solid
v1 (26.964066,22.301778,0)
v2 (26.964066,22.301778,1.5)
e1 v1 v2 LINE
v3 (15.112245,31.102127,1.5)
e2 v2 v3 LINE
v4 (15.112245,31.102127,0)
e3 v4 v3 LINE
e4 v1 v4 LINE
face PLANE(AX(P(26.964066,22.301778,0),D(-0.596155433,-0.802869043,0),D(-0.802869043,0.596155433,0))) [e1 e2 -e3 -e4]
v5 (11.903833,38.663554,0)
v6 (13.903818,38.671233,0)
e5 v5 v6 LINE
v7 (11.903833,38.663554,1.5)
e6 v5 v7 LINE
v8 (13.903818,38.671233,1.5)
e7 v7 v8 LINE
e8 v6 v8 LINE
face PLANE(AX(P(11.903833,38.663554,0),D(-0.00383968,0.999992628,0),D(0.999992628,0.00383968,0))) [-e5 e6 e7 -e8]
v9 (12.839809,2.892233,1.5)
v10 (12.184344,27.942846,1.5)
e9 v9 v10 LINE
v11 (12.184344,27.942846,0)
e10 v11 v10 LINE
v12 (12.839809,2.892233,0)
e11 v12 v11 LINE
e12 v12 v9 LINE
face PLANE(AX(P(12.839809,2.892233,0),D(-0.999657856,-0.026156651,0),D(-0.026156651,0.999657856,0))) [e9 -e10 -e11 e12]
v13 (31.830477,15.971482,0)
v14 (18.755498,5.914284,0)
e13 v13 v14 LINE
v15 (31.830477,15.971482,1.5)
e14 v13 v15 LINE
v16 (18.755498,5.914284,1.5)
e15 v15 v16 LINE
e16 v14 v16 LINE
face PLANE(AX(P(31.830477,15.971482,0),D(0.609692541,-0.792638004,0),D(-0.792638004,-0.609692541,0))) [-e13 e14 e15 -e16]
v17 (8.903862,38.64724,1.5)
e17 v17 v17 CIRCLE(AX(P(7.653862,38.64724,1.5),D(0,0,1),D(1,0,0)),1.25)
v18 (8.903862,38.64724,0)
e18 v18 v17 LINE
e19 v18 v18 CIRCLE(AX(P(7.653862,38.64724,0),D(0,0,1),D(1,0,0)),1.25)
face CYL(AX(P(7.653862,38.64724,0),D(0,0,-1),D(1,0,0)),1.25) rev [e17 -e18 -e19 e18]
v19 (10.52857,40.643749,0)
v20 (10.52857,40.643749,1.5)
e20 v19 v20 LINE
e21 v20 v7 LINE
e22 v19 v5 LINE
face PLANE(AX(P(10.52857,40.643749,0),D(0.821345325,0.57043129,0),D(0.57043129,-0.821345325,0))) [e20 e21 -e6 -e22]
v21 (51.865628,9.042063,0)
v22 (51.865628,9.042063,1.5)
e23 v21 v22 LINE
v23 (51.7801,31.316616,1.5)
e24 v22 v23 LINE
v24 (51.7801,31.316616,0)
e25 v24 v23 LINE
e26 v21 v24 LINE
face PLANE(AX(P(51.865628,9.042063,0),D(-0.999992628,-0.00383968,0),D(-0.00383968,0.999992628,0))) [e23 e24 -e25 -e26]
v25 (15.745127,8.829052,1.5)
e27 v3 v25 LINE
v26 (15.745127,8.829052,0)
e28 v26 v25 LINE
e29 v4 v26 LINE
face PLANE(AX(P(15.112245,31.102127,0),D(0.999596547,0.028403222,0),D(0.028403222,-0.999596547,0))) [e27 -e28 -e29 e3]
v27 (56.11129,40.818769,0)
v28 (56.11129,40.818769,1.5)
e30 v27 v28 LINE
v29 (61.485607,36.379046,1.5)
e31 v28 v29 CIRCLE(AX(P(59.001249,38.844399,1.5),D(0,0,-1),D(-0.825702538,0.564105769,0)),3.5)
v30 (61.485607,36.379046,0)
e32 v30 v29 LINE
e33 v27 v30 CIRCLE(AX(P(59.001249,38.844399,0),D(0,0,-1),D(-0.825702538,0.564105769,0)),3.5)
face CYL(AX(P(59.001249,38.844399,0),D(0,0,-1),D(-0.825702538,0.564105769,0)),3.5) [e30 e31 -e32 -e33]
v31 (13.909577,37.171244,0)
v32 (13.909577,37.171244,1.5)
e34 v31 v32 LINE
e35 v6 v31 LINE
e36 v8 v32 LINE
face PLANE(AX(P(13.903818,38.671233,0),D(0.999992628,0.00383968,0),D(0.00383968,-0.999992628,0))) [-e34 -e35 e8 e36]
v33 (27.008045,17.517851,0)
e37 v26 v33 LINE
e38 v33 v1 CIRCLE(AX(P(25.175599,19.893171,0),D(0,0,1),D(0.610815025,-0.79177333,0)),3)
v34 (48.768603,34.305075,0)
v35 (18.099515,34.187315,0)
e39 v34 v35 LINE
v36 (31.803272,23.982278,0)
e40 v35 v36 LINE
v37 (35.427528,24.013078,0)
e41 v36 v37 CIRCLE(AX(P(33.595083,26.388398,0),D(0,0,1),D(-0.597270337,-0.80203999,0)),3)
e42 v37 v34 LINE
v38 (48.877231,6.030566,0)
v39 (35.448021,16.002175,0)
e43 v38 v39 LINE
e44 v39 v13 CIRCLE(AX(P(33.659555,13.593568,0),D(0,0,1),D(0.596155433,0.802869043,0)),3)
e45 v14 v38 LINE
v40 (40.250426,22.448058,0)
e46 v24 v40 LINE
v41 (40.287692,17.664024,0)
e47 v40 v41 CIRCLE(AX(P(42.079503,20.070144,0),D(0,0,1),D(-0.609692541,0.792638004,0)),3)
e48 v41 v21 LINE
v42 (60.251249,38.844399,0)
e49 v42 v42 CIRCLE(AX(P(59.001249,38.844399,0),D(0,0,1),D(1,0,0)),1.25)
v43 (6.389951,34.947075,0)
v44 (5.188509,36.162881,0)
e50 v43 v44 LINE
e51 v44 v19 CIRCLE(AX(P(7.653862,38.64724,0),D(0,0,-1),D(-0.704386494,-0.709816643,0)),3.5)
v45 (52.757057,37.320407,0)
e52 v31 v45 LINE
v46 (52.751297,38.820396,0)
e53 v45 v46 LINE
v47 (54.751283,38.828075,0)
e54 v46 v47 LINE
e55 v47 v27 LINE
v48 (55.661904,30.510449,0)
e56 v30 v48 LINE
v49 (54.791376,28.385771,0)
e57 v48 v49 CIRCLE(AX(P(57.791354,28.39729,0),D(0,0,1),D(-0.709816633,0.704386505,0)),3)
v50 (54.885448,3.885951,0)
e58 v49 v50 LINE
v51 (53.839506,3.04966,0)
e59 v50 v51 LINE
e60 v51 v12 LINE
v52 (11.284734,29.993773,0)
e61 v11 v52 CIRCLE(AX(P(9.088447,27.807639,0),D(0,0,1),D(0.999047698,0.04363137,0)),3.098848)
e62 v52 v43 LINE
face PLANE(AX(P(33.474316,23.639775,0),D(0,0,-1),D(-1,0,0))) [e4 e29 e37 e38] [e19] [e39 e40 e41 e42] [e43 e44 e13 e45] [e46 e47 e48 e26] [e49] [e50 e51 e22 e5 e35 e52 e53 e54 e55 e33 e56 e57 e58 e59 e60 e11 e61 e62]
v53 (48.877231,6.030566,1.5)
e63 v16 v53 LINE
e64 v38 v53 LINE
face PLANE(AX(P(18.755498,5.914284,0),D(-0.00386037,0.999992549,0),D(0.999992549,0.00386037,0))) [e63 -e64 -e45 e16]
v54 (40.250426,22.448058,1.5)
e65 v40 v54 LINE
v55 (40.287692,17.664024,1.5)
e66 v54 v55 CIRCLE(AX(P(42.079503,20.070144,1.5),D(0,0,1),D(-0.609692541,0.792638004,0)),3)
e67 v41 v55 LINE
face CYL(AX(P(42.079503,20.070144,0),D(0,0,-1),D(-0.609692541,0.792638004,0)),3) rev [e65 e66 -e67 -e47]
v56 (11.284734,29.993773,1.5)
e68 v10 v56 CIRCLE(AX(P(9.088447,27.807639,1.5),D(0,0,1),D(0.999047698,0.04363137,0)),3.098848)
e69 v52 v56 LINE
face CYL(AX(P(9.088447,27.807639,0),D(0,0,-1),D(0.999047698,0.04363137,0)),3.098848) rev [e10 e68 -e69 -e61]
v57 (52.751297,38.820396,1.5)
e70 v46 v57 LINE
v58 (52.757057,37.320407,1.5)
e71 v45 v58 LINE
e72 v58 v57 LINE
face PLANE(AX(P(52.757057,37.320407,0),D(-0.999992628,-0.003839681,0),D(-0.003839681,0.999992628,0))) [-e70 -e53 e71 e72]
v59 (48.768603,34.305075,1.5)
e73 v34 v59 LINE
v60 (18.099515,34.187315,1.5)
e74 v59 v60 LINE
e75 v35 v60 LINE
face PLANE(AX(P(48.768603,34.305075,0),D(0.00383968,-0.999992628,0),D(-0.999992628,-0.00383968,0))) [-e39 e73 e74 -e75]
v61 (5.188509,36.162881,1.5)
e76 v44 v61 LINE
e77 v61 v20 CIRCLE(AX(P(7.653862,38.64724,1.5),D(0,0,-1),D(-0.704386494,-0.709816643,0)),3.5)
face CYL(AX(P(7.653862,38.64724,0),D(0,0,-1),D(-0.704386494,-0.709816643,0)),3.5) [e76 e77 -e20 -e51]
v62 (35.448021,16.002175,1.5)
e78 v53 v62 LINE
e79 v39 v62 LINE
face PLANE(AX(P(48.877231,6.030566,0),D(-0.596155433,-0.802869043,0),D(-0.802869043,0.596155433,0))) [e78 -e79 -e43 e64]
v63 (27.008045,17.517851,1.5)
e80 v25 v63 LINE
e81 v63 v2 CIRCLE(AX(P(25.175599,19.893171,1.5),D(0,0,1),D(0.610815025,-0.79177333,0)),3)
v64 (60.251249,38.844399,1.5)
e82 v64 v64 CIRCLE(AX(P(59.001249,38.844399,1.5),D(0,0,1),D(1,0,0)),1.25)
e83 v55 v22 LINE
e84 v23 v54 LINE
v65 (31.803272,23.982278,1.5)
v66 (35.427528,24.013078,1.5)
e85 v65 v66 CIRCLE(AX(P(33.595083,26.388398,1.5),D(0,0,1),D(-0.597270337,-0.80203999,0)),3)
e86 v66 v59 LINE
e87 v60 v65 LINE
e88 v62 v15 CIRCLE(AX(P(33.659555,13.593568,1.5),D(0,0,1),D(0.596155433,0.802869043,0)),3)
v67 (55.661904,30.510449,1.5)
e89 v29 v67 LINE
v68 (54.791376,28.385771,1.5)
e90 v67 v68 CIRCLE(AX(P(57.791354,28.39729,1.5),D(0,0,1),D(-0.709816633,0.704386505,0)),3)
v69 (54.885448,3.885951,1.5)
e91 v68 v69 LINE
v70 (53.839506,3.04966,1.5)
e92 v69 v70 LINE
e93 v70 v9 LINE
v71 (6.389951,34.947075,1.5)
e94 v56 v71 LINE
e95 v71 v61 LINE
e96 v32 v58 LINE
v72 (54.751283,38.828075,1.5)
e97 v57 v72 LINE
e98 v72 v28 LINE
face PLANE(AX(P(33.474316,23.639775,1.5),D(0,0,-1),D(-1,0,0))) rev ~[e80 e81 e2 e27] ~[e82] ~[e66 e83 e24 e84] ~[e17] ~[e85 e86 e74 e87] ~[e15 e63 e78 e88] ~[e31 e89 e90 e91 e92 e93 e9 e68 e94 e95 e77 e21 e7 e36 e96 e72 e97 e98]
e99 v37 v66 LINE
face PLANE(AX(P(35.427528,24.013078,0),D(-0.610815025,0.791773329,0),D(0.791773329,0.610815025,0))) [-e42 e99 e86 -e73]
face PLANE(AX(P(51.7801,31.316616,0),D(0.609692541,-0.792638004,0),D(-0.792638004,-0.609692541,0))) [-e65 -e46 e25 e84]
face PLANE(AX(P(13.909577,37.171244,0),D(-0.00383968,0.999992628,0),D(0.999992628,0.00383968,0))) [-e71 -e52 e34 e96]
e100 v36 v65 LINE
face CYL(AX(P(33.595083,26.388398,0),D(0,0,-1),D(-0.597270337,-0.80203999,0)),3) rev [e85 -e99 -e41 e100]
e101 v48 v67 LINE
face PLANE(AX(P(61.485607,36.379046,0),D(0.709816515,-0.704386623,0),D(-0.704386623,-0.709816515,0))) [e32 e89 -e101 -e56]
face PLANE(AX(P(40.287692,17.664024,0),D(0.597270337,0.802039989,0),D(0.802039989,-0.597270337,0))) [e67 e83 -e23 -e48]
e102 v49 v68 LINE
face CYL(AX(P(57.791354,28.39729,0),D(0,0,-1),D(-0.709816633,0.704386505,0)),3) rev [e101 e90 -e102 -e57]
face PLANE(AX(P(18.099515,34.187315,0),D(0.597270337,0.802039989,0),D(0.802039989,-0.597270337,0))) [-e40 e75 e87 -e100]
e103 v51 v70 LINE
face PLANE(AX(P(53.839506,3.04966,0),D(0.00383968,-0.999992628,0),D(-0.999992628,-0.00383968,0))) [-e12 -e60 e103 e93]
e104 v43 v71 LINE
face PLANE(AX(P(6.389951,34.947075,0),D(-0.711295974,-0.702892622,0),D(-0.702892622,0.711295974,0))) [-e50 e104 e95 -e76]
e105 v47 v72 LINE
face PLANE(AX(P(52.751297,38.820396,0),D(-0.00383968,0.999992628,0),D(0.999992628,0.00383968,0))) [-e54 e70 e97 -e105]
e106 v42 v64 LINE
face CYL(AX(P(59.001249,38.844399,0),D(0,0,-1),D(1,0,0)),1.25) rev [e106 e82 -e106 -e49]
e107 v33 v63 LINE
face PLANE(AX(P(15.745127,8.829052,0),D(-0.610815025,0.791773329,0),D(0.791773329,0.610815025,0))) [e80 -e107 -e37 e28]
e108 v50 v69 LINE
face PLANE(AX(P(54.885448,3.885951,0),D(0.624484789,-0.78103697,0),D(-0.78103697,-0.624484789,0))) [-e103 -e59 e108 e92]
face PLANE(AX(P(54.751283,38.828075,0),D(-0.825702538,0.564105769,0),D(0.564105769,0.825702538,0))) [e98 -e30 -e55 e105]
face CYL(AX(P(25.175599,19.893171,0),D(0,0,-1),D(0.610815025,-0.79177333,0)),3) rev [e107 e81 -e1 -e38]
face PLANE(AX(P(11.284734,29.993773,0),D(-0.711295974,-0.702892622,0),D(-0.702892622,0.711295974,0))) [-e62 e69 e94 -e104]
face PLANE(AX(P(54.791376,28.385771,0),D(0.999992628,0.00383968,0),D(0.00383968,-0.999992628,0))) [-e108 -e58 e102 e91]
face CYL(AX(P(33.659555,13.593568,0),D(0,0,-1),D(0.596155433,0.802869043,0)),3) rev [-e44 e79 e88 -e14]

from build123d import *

# Parameters (mm, degrees)
SKETCH_1_R      = 1.25
EXTRUDE_1_DEPTH = 1.5


with BuildPart() as part:
    # 草图1 → 凸台-拉伸1 (new body)
    with BuildSketch(Plane.XY):
        with BuildLine():
            Line((61.485606927, 36.379045593), (55.661903622, 30.510449214))
            ThreePointArc((55.661903622, 30.510449214), (55.015327208, 29.534689328), (54.791375635, 28.385770659))
            Line((54.791375635, 28.385770659), (54.885447805, 3.885951263))
            Line((54.885447805, 3.885951263), (53.839506367, 3.049659841))
            Line((53.839506367, 3.049659841), (12.839808602, 2.892232945))
            Line((12.839808602, 2.892232945), (12.184344201, 27.942846038))
            ThreePointArc((12.184344201, 27.942846038), (11.926294769, 29.05242031), (11.284734435, 29.993773012))
            Line((11.284734435, 29.993773012), (6.389951155, 34.947075309))
            Line((6.389951155, 34.947075309), (5.188508902, 36.162881267))
            ThreePointArc((5.188508902, 36.162881267), (5.404097854, 41.328389075), (10.528570268, 40.643749035))
            Line((10.528570268, 40.643749035), (11.903832696, 38.663553725))
            Line((11.903832696, 38.663553725), (13.903817953, 38.671233086))
            Line((13.903817953, 38.671233086), (13.909577473, 37.171244144))
            Line((13.909577473, 37.171244144), (52.757056868, 37.320407148))
            Line((52.757056868, 37.320407148), (52.751297347, 38.820396091))
            Line((52.751297347, 38.820396091), (54.751282604, 38.828075452))
            Line((54.751282604, 38.828075452), (56.111289997, 40.818768719))
            ThreePointArc((56.111289997, 40.818768719), (61.230354838, 41.542747399), (61.485606927, 36.379045593))
        make_face()
        with Locations((59.00124888, 38.844398528)):
            Circle(SKETCH_1_R, mode=Mode.SUBTRACT)
        with Locations((7.653861631, 38.647239518)):
            Circle(SKETCH_1_R, mode=Mode.SUBTRACT)
        with BuildLine():
            Line((35.427528313, 24.013077802), (48.768603001, 34.305074976))
            Line((48.768603001, 34.305074976), (18.099515168, 34.187314613))
            Line((18.099515168, 34.187314613), (31.803272227, 23.982277822))
            ThreePointArc((31.803272227, 23.982277822), (33.620577188, 23.388506116), (35.427528313, 24.013077802))
        make_face(mode=Mode.SUBTRACT)
        with BuildLine():
            Line((40.287692252, 17.664023775), (51.865627723, 9.042062882))
            Line((51.865627723, 9.042062882), (51.780099927, 31.316616132))
            Line((51.780099927, 31.316616132), (40.250425641, 22.448057755))
            ThreePointArc((40.250425641, 22.448057755), (39.07959428, 20.046775087), (40.287692252, 17.664023775))
        make_face(mode=Mode.SUBTRACT)
        with BuildLine():
            Line((26.964065744, 22.301778302), (15.112244568, 31.102127061))
            Line((15.112244568, 31.102127061), (15.745126999, 8.829052268))
            Line((15.745126999, 8.829052268), (27.00804452, 17.517851185))
            ThreePointArc((27.00804452, 17.517851185), (28.175472686, 19.920749093), (26.964065744, 22.301778302))
        make_face(mode=Mode.SUBTRACT)
        with BuildLine():
            Line((48.877230949, 6.030566195), (35.448021091, 16.002175498))
            ThreePointArc((35.448021091, 16.002175498), (33.634102155, 16.593460395), (31.83047717, 15.971482382))
            Line((31.83047717, 15.971482382), (18.755497751, 5.914284289))
            Line((18.755497751, 5.914284289), (48.877230949, 6.030566195))
        make_face(mode=Mode.SUBTRACT)
    extrude(amount=EXTRUDE_1_DEPTH)


solid = part.part
